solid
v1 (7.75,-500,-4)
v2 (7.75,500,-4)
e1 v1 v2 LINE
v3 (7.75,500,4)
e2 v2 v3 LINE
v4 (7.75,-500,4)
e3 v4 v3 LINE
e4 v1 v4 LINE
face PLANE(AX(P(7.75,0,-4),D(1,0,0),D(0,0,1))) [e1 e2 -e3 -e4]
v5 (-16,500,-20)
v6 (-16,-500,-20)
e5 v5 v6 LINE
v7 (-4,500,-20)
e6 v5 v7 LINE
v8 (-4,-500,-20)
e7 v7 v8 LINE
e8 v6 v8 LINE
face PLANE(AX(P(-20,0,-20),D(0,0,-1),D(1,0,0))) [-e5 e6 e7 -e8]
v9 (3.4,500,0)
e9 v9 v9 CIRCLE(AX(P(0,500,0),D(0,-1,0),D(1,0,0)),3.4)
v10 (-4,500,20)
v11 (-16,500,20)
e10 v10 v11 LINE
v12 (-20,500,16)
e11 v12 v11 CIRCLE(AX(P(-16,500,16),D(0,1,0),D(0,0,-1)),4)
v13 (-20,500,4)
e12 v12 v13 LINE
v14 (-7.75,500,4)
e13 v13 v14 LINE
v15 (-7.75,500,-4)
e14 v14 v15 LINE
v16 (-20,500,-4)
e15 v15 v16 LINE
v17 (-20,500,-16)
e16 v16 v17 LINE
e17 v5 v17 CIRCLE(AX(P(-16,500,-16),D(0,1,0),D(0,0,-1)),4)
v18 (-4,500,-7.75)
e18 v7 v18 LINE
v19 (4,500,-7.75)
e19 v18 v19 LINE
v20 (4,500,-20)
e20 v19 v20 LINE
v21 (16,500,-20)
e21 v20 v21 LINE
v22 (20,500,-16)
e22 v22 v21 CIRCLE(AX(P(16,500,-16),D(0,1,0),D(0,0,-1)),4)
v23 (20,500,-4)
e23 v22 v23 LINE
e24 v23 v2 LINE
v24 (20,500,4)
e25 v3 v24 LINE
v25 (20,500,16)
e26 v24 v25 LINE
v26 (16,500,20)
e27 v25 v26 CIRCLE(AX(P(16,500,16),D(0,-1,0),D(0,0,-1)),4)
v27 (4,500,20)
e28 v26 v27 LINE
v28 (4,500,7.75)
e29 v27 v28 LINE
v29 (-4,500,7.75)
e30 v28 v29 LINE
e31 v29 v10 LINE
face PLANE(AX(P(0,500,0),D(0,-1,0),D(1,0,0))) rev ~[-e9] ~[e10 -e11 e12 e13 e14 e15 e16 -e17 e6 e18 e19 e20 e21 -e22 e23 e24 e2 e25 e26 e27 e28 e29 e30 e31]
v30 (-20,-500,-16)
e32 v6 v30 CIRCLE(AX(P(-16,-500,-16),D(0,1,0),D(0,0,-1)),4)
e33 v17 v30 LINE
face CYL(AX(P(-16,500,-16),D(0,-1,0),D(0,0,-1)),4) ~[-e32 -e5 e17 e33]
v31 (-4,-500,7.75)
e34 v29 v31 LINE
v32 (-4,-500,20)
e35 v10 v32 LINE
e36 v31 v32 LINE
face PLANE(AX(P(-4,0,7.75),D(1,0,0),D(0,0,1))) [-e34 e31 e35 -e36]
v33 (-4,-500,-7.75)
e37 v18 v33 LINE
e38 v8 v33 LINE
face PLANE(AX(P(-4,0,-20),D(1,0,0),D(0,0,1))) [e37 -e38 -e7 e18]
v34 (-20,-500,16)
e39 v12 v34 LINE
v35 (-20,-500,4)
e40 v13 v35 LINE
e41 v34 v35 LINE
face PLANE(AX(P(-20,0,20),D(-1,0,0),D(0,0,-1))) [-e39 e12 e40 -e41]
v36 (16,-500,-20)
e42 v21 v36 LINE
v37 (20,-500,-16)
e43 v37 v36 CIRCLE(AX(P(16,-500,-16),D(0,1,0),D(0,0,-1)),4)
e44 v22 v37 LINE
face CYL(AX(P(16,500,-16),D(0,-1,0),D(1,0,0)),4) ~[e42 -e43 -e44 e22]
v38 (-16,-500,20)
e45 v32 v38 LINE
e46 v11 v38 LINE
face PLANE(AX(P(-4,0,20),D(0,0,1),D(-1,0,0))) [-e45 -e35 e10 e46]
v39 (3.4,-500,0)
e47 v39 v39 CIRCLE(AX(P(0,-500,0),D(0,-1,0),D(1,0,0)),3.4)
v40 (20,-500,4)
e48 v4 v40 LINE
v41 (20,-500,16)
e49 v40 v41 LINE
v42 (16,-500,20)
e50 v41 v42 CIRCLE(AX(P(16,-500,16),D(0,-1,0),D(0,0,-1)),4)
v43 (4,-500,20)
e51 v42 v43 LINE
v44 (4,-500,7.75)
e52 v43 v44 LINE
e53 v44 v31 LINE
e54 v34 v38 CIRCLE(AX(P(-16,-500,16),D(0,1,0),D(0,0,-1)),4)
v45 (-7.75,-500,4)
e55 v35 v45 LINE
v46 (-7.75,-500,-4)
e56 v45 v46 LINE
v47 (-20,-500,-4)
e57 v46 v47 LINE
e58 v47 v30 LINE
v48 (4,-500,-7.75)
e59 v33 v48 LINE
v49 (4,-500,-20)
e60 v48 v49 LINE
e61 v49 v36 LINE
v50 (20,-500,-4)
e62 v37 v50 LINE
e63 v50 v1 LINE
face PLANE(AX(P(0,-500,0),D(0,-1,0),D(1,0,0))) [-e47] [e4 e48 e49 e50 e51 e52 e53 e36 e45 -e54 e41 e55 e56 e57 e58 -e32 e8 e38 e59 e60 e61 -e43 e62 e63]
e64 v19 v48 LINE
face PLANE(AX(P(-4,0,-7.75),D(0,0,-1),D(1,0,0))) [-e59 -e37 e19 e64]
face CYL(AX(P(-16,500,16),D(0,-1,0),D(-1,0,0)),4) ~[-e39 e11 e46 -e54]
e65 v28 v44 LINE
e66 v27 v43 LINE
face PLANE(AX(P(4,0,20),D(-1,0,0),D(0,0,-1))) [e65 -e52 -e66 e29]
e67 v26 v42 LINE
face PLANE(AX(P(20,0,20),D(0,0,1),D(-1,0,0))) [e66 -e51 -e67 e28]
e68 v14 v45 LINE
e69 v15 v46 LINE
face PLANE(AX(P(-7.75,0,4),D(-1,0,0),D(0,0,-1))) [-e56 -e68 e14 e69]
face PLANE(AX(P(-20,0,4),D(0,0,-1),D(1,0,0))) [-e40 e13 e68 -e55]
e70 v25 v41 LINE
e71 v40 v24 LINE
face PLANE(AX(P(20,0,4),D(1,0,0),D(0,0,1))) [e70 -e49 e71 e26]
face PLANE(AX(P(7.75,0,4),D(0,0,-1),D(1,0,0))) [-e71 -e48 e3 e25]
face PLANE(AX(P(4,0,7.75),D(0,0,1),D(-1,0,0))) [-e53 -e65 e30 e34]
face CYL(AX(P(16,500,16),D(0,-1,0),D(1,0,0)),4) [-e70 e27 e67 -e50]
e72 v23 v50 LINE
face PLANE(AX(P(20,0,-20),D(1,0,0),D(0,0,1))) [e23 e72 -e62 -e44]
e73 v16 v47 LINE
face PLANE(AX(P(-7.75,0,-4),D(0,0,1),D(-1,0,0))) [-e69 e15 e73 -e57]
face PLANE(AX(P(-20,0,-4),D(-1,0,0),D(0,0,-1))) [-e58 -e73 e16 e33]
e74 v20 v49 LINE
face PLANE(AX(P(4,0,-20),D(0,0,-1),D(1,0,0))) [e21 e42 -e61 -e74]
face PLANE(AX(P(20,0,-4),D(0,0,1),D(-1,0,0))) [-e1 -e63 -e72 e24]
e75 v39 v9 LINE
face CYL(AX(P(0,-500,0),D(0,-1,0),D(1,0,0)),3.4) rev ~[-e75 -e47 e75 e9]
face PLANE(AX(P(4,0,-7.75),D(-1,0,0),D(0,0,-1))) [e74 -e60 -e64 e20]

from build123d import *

# Parameters (mm, degrees)
F1_DEPTH = 500
F2_R     = 4
F3_R     = 3.4
F4_DEPTH = 1000


with BuildPart() as f1:
    # F0 (on Front) → F1 (new body, symmetric)
    with BuildSketch(Plane.XZ):
        Polygon((20, 4), (20, 20), (4, 20), (4, 7.75), (-4, 7.75), (-4, 20), (-20, 20), (-20, 4), (-7.75, 4), (-7.75, -4), (-20, -4), (-20, -20), (-4, -20), (-4, -7.75), (4, -7.75), (4, -20), (20, -20), (20, -4), (7.75, -4), (7.75, 4), align=None)
    extrude(amount=F1_DEPTH, both=True)

    # F2
    f2_edges = [f1.edges().sort_by_distance(p)[0] for p in [
        (-20, 0, 20),
        (20, 0, 20),
        (20, 0, -20),
        (-20, 0, -20),
    ]]
    fillet(f2_edges, radius=F2_R)

    # F3 (on face) → F4 (cut)
    with BuildSketch(Plane.XZ.offset(500)):
        Circle(F3_R)
    extrude(amount=-F4_DEPTH, mode=Mode.SUBTRACT)


solid = f1.part
